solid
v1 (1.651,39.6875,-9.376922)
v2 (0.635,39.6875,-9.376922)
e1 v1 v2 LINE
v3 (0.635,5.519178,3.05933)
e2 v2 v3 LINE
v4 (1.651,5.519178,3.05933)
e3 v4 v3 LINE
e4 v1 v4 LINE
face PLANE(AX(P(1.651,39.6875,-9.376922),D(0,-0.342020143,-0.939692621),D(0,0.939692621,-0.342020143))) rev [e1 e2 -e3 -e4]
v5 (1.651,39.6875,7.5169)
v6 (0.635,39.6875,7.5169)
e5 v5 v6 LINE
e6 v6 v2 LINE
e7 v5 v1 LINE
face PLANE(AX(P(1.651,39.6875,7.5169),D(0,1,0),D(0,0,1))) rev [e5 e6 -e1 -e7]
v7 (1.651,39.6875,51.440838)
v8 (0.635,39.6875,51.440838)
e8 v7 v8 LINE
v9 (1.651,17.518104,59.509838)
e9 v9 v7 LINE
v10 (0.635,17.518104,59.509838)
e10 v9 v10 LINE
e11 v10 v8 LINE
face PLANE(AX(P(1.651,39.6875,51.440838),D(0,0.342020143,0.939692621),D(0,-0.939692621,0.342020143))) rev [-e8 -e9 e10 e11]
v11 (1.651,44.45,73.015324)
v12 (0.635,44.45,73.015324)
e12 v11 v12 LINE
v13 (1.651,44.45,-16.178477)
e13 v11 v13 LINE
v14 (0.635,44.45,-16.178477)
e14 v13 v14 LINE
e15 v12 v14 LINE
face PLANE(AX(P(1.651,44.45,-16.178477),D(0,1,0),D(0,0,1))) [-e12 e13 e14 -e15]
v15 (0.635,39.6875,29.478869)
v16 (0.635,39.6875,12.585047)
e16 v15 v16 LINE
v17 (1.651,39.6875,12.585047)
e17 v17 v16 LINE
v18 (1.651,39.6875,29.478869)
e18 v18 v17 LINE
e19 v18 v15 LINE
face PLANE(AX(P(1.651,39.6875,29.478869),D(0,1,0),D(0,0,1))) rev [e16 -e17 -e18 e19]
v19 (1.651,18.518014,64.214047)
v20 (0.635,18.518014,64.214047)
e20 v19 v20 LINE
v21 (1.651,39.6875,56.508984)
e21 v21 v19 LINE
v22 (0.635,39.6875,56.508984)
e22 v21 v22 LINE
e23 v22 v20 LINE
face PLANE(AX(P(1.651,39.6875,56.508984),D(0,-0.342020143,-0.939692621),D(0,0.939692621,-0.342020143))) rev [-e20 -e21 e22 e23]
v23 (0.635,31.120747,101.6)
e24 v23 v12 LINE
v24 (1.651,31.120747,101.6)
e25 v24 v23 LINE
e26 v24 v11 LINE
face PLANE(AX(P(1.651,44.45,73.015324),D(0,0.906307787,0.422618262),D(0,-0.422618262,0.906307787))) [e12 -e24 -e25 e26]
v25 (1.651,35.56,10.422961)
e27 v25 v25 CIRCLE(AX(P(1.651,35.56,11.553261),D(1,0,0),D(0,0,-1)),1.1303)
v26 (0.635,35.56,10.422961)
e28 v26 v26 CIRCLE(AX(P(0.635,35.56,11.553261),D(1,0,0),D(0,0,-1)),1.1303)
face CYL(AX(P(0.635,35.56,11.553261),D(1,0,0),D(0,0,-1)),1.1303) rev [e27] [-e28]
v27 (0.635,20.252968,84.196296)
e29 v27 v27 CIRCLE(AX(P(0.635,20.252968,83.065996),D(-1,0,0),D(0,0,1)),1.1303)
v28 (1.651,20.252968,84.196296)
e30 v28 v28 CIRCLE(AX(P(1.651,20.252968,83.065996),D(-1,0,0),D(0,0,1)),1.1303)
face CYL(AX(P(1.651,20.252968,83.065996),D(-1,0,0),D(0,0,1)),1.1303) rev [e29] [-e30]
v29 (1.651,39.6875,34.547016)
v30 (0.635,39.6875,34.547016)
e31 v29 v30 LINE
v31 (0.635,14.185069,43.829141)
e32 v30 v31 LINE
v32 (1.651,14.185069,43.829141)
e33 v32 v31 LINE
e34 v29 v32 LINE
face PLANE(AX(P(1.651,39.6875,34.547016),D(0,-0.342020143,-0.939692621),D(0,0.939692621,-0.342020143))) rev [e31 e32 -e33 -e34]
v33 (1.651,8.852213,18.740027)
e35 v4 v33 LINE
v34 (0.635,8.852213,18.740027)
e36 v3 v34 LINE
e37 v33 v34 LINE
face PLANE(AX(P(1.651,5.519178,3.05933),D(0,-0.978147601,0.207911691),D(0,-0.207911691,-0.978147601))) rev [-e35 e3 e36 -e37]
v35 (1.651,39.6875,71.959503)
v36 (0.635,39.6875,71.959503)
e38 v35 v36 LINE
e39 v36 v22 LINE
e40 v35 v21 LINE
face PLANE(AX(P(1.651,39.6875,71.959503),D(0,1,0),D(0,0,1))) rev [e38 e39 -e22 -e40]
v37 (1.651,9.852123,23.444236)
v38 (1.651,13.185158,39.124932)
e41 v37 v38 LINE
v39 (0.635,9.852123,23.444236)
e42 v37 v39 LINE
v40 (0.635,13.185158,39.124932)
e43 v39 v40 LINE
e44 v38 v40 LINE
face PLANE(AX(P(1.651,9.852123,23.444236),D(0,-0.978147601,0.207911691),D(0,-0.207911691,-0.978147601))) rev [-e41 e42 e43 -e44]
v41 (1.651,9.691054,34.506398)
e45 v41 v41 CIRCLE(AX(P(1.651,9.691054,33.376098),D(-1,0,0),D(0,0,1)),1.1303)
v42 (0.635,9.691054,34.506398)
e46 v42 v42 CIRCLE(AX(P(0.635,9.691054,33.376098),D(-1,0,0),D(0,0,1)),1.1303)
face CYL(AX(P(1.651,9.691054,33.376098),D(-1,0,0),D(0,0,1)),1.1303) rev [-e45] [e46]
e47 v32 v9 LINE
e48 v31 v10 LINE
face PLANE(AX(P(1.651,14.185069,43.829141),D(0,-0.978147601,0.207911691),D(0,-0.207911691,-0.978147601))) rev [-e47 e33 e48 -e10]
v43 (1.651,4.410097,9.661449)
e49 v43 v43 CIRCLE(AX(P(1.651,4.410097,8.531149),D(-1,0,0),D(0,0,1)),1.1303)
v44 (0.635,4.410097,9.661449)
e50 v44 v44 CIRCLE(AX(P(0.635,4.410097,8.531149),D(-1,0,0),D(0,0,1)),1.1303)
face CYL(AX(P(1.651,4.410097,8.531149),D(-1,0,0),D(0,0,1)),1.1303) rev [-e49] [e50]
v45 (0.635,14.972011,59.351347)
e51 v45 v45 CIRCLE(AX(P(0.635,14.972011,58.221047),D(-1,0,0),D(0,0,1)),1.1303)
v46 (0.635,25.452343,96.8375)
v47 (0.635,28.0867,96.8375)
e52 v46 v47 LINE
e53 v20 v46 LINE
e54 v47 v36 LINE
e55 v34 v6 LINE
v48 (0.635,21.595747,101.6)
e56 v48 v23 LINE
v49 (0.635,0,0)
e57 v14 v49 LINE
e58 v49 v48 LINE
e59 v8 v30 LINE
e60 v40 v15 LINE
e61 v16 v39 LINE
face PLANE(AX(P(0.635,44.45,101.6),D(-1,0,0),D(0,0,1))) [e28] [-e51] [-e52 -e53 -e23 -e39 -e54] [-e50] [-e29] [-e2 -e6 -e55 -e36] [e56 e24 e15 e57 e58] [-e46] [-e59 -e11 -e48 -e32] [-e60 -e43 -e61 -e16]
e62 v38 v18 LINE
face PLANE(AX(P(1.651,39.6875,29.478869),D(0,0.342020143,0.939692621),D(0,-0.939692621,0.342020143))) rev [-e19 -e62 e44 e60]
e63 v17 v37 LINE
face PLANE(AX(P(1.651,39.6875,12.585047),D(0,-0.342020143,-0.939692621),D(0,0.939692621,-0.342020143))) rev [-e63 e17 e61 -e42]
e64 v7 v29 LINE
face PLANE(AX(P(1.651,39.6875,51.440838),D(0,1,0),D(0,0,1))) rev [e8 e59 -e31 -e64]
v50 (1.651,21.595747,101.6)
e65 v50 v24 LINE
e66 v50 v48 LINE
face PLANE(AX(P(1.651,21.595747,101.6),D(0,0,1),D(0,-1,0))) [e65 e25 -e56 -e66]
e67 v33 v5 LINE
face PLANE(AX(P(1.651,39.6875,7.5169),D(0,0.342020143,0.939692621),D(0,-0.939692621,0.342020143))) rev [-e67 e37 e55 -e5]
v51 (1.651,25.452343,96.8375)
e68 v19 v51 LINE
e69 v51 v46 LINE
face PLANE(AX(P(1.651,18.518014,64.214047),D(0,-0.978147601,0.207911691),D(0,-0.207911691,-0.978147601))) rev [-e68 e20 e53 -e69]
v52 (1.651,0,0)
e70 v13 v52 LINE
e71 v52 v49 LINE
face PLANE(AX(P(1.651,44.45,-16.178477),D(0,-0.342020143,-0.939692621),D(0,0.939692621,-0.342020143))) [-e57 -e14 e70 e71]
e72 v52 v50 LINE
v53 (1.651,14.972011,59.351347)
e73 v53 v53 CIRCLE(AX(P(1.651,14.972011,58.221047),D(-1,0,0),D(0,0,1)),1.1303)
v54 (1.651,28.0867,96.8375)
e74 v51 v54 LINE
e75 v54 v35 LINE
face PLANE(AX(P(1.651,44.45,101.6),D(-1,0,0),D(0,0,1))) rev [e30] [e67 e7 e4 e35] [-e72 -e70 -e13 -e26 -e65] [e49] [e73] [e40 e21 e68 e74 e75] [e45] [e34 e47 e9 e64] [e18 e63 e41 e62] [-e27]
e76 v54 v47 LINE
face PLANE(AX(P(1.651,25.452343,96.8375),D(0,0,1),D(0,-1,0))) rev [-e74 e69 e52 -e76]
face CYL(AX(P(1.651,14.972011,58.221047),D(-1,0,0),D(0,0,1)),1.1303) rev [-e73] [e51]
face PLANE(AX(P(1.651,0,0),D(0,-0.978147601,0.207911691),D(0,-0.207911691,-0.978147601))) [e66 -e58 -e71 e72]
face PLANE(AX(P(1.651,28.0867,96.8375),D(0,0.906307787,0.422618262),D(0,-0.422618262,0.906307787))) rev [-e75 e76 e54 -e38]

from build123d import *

# Parameters (mm, degrees)
EXTRUDE1_DEPTH     = 0.635
SKETCH2_R          = 1.5875
EXTRUDE2_DEPTH     = 1.635
SKETCH3_R          = 1.1303
EXTRUDE3_DEPTH     = 1.016
EXTRUDE4_DEPTH     = 0.635
SKETCH5_R          = 1.1303
CUT_EXTRUDE1_DEPTH = 2.016


with BuildPart() as part:
    # Sketch1 → Extrude1 (new body)
    with BuildSketch(Plane(origin=(0, 0, 0), x_dir=(0, 0, -1), z_dir=(1, 0, 0))):
        Polygon((16.178476913, 44.45), (0, 0), (-101.6, 21.595746666), (-101.6, 31.120746666), (-73.015323979, 44.45), align=None)
    extrude(amount=EXTRUDE1_DEPTH)

    # Sketch2 → Extrude2 (cut, through all)
    with BuildSketch(Plane.ZY):
        with Locations((8.531149291, 4.410096871)):
            Circle(SKETCH2_R)
        with Locations((33.37609835, 9.691053818)):
            Circle(SKETCH2_R)
        with Locations((58.221047409, 14.972010765)):
            Circle(SKETCH2_R)
        with Locations((83.065996467, 20.252967712)):
            Circle(SKETCH2_R)
    extrude(amount=-EXTRUDE2_DEPTH, mode=Mode.SUBTRACT)

    # Sketch4 → Extrude4 (cut)
    with BuildSketch(Plane.ZY):
        Polygon((73.015323979, 44.45), (-16.178476913, 44.45), (0, 0), (101.6, 21.595746666), (101.6, 31.120746666), align=None)
    extrude(amount=-EXTRUDE4_DEPTH, mode=Mode.SUBTRACT)


with BuildPart() as body_2:
    # Sketch3 → Extrude3 (new body)
    with BuildSketch(Plane.ZY.offset(-0.635)):
        Polygon((-16.178476913, 44.45), (0, 0), (101.6, 21.595746666), (101.6, 31.120746666), (73.015323979, 44.45), align=None)
        with Locations((8.531149291, 4.410096871)):
            Circle(SKETCH3_R, mode=Mode.SUBTRACT)
        with Locations((33.37609835, 9.691053818)):
            Circle(SKETCH3_R, mode=Mode.SUBTRACT)
        with Locations((58.221047409, 14.972010765)):
            Circle(SKETCH3_R, mode=Mode.SUBTRACT)
        with Locations((83.065996467, 20.252967712)):
            Circle(SKETCH3_R, mode=Mode.SUBTRACT)
        Polygon((7.516900107, 39.6875), (-9.376922031, 39.6875), (3.059330207, 5.519177793), (18.74002683, 8.852212752), align=None, mode=Mode.SUBTRACT)
        Polygon((23.444235817, 9.852123239), (39.124932441, 13.185158198), (29.478868887, 39.6875), (12.585046748, 39.6875), align=None, mode=Mode.SUBTRACT)
        Polygon((34.547015528, 39.6875), (43.829141428, 14.185068686), (59.509838051, 17.518103645), (51.440837666, 39.6875), align=None, mode=Mode.SUBTRACT)
        Polygon((56.508984307, 39.6875), (64.214047038, 18.518014132), (96.8375, 25.452343124), (96.8375, 28.086699549), (71.959503148, 39.6875), align=None, mode=Mode.SUBTRACT)
    extrude(amount=-EXTRUDE3_DEPTH)

    # Sketch5 → Cut-Extrude1 (cut, through all)
    with BuildSketch(Plane(origin=(1.651, 0, 0), x_dir=(0, 0, -1), z_dir=(1, 0, 0))):
        with Locations((-11.55326057, 35.56)):
            Circle(SKETCH5_R)
    extrude(amount=-CUT_EXTRUDE1_DEPTH, mode=Mode.SUBTRACT)


solid = body_2.part
